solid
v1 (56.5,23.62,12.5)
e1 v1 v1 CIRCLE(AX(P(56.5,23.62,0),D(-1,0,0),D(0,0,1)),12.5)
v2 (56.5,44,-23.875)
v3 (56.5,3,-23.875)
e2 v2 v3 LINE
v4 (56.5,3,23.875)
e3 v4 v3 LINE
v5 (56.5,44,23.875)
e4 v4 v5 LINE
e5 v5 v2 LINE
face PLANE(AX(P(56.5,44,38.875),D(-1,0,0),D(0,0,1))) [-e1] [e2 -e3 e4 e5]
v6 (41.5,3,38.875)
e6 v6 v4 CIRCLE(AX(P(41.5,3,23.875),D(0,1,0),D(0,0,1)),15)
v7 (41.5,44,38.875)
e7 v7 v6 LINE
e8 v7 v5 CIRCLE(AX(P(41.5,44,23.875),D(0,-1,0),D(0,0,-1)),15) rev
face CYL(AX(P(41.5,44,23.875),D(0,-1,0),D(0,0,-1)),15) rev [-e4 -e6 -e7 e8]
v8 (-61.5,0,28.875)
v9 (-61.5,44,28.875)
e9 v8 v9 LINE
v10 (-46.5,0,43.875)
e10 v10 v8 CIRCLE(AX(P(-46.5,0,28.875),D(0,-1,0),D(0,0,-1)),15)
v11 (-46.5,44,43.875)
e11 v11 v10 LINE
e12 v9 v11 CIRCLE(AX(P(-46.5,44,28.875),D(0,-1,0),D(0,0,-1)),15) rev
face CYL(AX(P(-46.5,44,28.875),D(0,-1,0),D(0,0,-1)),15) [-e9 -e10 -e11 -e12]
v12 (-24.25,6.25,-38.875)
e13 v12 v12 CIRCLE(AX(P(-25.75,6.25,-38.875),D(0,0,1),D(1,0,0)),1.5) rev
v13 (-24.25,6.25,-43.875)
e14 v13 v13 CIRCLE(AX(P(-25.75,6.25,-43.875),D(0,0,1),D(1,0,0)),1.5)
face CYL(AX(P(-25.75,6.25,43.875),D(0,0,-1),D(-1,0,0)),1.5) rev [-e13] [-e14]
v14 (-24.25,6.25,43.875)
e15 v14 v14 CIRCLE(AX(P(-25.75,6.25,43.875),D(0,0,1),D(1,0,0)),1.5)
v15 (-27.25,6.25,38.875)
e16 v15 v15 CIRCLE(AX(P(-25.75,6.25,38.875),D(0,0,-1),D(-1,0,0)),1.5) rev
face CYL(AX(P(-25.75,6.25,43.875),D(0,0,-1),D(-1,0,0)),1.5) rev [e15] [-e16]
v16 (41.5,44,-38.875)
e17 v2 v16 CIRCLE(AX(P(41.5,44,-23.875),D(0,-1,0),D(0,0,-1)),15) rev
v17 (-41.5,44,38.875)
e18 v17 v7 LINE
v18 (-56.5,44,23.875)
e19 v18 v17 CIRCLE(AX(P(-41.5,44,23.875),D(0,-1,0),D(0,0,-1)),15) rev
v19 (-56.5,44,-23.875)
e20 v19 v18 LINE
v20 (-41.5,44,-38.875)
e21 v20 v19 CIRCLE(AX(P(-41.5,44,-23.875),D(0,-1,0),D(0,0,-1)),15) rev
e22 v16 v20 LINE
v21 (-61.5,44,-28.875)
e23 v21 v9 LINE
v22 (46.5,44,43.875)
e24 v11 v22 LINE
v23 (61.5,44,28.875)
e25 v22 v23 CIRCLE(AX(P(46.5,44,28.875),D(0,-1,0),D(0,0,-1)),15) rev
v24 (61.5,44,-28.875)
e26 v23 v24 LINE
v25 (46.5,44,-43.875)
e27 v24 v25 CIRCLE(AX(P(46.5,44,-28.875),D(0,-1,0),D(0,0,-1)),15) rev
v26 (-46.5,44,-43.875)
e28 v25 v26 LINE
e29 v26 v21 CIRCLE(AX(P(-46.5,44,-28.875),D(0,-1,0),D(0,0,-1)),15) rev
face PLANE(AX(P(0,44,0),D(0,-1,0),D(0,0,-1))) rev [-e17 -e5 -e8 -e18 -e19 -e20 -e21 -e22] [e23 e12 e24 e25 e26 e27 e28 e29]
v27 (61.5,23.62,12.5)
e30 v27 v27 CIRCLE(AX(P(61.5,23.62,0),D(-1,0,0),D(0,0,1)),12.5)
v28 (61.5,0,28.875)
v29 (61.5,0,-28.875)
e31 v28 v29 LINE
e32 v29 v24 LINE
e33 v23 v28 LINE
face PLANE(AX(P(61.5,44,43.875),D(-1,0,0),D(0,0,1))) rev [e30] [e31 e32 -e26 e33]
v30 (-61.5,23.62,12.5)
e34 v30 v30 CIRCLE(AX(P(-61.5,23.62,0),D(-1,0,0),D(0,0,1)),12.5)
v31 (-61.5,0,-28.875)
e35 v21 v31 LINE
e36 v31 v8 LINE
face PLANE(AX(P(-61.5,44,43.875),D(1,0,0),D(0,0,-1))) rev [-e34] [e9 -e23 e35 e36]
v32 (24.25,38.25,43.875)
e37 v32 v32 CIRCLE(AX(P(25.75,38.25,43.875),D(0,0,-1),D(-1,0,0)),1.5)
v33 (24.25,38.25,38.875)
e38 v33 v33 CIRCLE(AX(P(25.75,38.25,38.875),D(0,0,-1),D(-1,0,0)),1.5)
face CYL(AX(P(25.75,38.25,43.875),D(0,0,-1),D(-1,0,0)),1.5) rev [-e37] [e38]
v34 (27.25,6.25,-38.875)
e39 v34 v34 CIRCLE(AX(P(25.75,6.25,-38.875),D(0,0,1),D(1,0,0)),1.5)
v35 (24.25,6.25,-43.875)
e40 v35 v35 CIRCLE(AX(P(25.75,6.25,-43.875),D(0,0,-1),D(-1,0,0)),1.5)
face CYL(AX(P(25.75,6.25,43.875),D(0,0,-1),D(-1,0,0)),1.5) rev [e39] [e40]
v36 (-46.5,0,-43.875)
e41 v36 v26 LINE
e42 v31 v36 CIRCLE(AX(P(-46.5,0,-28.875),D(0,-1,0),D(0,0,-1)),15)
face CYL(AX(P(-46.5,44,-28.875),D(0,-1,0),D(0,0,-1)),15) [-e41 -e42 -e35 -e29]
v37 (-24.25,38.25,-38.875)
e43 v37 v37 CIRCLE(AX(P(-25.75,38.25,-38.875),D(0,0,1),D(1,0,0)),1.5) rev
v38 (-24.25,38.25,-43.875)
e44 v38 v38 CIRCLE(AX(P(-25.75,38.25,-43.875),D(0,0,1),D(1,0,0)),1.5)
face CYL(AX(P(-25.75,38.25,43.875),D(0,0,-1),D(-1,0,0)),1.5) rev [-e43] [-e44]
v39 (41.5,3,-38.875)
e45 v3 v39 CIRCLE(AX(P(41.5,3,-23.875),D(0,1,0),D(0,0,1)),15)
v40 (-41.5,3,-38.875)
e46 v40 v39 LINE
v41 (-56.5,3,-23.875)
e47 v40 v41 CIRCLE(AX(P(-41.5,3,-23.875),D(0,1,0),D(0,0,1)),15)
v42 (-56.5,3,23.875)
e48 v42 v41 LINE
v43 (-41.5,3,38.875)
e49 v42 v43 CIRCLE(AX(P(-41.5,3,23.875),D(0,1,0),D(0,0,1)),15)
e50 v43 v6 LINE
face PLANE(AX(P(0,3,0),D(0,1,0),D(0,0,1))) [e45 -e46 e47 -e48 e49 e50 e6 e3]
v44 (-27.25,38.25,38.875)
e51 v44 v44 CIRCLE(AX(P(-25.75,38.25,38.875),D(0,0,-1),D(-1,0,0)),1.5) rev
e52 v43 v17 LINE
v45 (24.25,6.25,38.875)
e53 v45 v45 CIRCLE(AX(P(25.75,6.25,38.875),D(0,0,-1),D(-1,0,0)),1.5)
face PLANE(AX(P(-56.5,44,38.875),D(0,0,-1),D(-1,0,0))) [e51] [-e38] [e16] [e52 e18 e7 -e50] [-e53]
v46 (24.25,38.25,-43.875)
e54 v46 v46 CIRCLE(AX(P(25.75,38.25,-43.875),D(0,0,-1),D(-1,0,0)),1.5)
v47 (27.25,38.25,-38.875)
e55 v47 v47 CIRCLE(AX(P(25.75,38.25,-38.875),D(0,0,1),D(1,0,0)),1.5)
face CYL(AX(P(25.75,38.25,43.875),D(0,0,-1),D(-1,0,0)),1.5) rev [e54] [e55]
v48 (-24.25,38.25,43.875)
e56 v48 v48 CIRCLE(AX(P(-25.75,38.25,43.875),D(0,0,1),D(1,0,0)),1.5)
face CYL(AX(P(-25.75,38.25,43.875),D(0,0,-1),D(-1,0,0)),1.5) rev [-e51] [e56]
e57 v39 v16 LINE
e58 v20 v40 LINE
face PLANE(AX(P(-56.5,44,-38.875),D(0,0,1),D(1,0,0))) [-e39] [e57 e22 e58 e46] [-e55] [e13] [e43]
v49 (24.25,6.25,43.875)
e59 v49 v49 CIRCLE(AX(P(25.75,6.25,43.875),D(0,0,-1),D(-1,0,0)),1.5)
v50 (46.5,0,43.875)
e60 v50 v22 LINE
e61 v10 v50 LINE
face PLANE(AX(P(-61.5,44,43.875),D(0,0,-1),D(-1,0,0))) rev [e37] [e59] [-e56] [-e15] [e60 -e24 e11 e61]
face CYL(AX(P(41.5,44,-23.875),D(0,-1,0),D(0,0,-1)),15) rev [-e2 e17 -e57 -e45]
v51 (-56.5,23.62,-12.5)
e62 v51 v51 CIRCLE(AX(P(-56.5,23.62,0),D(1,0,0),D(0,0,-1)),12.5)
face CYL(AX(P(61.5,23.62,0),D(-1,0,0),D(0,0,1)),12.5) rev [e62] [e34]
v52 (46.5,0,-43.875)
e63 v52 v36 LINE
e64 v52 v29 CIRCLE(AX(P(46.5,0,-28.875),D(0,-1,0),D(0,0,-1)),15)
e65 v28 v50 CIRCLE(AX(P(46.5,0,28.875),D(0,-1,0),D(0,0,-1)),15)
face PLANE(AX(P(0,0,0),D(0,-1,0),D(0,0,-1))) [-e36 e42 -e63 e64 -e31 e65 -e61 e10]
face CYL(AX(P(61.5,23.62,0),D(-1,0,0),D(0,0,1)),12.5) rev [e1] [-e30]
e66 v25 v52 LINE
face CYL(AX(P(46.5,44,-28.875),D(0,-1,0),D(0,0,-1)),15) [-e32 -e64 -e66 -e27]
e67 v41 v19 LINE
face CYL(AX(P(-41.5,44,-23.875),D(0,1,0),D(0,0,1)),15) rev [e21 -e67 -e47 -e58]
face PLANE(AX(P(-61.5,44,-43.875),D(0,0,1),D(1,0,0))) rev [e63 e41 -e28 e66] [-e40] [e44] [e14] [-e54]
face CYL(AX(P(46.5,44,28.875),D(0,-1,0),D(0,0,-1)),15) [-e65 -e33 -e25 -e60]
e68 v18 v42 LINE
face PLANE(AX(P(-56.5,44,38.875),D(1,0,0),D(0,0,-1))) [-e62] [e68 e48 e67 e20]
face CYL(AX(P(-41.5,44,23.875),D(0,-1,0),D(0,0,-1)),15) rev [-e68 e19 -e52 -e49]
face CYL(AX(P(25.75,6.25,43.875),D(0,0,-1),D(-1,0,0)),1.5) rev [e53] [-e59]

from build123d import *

# Parameters (mm, degrees)
SKETCH1_W                 = 123
SKETCH1_H                 = 87.75
SKETCH1_W_2               = 113
SKETCH1_H_2               = 77.75
BOSS_EXTRUDE1_DEPTH       = 44
SKETCH1_3_W               = 113
SKETCH1_3_H               = 77.75
BOSS_EXTRUDE2_DEPTH       = 3
FILLET1_R                 = 15
FILLET2_R                 = 15
FILLET3_R                 = 15
FILLET4_R                 = 15
FILLET5_R                 = 15
FILLET6_R                 = 15
FILLET7_R                 = 15
FILLET8_R                 = 15
SKETCH2_R                 = 1.5
CUT_EXTRUDE1_DEPTH        = 116.837439975
LPATTERN2_COPY_1_SKETCH_R = 1.5
LPATTERN2_COPY_1_DEPTH    = 116.837439975
LPATTERN2_COPY_2_SKETCH_R = 1.5
LPATTERN2_COPY_2_DEPTH    = 116.837439975
CUT_EXTRUDE2_DEPTH        = 138.804265627


with BuildPart() as part:
    # Sketch1 → Boss-Extrude1 (new body)
    with BuildSketch(Plane(origin=(0, 0, 0), x_dir=(1, 0, 0), z_dir=(0, 1, 0))):
        Rectangle(SKETCH1_W, SKETCH1_H)
        Rectangle(SKETCH1_W_2, SKETCH1_H_2, mode=Mode.SUBTRACT)
    extrude(amount=BOSS_EXTRUDE1_DEPTH)

    # Sketch1<3> → Boss-Extrude2 (add)
    with BuildSketch(Plane(origin=(0, 0, 0), x_dir=(1, 0, 0), z_dir=(0, 1, 0))):
        Rectangle(SKETCH1_3_W, SKETCH1_3_H)
    extrude(amount=BOSS_EXTRUDE2_DEPTH)

    # Fillet1
    fillet1_edges = [part.edges().sort_by_distance(p)[0] for p in [
        (-61.5, 22, 43.875),
    ]]
    fillet(fillet1_edges, radius=FILLET1_R)

    # Fillet2
    fillet2_edges = [part.edges().sort_by_distance(p)[0] for p in [
        (-61.5, 22, -43.875),
    ]]
    fillet(fillet2_edges, radius=FILLET2_R)

    # Fillet3
    fillet3_edges = [part.edges().sort_by_distance(p)[0] for p in [
        (61.5, 22, -43.875),
    ]]
    fillet(fillet3_edges, radius=FILLET3_R)

    # Fillet4
    fillet4_edges = [part.edges().sort_by_distance(p)[0] for p in [
        (61.5, 22, 43.875),
    ]]
    fillet(fillet4_edges, radius=FILLET4_R)

    # Fillet5
    fillet5_edges = [part.edges().sort_by_distance(p)[0] for p in [
        (-56.5, 23.5, -38.875),
    ]]
    fillet(fillet5_edges, radius=FILLET5_R)

    # Fillet6
    fillet6_edges = [part.edges().sort_by_distance(p)[0] for p in [
        (-56.5, 23.5, 38.875),
    ]]
    fillet(fillet6_edges, radius=FILLET6_R)

    # Fillet7
    fillet7_edges = [part.edges().sort_by_distance(p)[0] for p in [
        (56.5, 23.5, -38.875),
    ]]
    fillet(fillet7_edges, radius=FILLET7_R)

    # Fillet8
    fillet8_edges = [part.edges().sort_by_distance(p)[0] for p in [
        (56.5, 23.5, 38.875),
    ]]
    fillet(fillet8_edges, radius=FILLET8_R)

    # Sketch2 → Cut-Extrude1 (cut, through all)
    with BuildSketch(Plane(origin=(0, 0, -43.875), x_dir=(-1, 0, 0), z_dir=(0, 0, -1))):
        with Locations((-25.75, 6.25)):
            Circle(SKETCH2_R)
    cut_extrude1 = extrude(amount=-CUT_EXTRUDE1_DEPTH, mode=Mode.SUBTRACT)

    # Mirror1: Cut-Extrude1 across plane
    add(cut_extrude1.mirror(Plane(origin=(0, 0, 0), x_dir=(0, 0, 1), z_dir=(1, 0, 0))), mode=Mode.SUBTRACT)

    # LPattern2 copy 1 sketch → LPattern2 copy 1 (cut, through all)
    with BuildSketch(Plane(origin=(0, 32, -43.875), x_dir=(1, 0, 0), z_dir=(0, 0, -1))):
        with Locations((-25.75, -6.25)):
            Circle(LPATTERN2_COPY_1_SKETCH_R)
    extrude(amount=-LPATTERN2_COPY_1_DEPTH, mode=Mode.SUBTRACT)

    # LPattern2 copy 2 sketch → LPattern2 copy 2 (cut, through all)
    with BuildSketch(Plane(origin=(0, 32, -43.875), x_dir=(-1, 0, 0), z_dir=(0, 0, -1))):
        with Locations((-25.75, 6.25)):
            Circle(LPATTERN2_COPY_2_SKETCH_R)
    extrude(amount=-LPATTERN2_COPY_2_DEPTH, mode=Mode.SUBTRACT)

    # Sketch3 → Cut-Extrude2 (cut, through all)
    with BuildSketch(Plane.ZY.offset(61.5)):
        with BuildLine():
            ThreePointArc((0, 36.12), (-8.838834765, 14.781165235), (12.5, 23.62))
            ThreePointArc((12.5, 23.62), (8.838834765, 32.458834765), (0, 36.12))
        make_face()
    extrude(amount=-CUT_EXTRUDE2_DEPTH, mode=Mode.SUBTRACT)


solid = part.part
